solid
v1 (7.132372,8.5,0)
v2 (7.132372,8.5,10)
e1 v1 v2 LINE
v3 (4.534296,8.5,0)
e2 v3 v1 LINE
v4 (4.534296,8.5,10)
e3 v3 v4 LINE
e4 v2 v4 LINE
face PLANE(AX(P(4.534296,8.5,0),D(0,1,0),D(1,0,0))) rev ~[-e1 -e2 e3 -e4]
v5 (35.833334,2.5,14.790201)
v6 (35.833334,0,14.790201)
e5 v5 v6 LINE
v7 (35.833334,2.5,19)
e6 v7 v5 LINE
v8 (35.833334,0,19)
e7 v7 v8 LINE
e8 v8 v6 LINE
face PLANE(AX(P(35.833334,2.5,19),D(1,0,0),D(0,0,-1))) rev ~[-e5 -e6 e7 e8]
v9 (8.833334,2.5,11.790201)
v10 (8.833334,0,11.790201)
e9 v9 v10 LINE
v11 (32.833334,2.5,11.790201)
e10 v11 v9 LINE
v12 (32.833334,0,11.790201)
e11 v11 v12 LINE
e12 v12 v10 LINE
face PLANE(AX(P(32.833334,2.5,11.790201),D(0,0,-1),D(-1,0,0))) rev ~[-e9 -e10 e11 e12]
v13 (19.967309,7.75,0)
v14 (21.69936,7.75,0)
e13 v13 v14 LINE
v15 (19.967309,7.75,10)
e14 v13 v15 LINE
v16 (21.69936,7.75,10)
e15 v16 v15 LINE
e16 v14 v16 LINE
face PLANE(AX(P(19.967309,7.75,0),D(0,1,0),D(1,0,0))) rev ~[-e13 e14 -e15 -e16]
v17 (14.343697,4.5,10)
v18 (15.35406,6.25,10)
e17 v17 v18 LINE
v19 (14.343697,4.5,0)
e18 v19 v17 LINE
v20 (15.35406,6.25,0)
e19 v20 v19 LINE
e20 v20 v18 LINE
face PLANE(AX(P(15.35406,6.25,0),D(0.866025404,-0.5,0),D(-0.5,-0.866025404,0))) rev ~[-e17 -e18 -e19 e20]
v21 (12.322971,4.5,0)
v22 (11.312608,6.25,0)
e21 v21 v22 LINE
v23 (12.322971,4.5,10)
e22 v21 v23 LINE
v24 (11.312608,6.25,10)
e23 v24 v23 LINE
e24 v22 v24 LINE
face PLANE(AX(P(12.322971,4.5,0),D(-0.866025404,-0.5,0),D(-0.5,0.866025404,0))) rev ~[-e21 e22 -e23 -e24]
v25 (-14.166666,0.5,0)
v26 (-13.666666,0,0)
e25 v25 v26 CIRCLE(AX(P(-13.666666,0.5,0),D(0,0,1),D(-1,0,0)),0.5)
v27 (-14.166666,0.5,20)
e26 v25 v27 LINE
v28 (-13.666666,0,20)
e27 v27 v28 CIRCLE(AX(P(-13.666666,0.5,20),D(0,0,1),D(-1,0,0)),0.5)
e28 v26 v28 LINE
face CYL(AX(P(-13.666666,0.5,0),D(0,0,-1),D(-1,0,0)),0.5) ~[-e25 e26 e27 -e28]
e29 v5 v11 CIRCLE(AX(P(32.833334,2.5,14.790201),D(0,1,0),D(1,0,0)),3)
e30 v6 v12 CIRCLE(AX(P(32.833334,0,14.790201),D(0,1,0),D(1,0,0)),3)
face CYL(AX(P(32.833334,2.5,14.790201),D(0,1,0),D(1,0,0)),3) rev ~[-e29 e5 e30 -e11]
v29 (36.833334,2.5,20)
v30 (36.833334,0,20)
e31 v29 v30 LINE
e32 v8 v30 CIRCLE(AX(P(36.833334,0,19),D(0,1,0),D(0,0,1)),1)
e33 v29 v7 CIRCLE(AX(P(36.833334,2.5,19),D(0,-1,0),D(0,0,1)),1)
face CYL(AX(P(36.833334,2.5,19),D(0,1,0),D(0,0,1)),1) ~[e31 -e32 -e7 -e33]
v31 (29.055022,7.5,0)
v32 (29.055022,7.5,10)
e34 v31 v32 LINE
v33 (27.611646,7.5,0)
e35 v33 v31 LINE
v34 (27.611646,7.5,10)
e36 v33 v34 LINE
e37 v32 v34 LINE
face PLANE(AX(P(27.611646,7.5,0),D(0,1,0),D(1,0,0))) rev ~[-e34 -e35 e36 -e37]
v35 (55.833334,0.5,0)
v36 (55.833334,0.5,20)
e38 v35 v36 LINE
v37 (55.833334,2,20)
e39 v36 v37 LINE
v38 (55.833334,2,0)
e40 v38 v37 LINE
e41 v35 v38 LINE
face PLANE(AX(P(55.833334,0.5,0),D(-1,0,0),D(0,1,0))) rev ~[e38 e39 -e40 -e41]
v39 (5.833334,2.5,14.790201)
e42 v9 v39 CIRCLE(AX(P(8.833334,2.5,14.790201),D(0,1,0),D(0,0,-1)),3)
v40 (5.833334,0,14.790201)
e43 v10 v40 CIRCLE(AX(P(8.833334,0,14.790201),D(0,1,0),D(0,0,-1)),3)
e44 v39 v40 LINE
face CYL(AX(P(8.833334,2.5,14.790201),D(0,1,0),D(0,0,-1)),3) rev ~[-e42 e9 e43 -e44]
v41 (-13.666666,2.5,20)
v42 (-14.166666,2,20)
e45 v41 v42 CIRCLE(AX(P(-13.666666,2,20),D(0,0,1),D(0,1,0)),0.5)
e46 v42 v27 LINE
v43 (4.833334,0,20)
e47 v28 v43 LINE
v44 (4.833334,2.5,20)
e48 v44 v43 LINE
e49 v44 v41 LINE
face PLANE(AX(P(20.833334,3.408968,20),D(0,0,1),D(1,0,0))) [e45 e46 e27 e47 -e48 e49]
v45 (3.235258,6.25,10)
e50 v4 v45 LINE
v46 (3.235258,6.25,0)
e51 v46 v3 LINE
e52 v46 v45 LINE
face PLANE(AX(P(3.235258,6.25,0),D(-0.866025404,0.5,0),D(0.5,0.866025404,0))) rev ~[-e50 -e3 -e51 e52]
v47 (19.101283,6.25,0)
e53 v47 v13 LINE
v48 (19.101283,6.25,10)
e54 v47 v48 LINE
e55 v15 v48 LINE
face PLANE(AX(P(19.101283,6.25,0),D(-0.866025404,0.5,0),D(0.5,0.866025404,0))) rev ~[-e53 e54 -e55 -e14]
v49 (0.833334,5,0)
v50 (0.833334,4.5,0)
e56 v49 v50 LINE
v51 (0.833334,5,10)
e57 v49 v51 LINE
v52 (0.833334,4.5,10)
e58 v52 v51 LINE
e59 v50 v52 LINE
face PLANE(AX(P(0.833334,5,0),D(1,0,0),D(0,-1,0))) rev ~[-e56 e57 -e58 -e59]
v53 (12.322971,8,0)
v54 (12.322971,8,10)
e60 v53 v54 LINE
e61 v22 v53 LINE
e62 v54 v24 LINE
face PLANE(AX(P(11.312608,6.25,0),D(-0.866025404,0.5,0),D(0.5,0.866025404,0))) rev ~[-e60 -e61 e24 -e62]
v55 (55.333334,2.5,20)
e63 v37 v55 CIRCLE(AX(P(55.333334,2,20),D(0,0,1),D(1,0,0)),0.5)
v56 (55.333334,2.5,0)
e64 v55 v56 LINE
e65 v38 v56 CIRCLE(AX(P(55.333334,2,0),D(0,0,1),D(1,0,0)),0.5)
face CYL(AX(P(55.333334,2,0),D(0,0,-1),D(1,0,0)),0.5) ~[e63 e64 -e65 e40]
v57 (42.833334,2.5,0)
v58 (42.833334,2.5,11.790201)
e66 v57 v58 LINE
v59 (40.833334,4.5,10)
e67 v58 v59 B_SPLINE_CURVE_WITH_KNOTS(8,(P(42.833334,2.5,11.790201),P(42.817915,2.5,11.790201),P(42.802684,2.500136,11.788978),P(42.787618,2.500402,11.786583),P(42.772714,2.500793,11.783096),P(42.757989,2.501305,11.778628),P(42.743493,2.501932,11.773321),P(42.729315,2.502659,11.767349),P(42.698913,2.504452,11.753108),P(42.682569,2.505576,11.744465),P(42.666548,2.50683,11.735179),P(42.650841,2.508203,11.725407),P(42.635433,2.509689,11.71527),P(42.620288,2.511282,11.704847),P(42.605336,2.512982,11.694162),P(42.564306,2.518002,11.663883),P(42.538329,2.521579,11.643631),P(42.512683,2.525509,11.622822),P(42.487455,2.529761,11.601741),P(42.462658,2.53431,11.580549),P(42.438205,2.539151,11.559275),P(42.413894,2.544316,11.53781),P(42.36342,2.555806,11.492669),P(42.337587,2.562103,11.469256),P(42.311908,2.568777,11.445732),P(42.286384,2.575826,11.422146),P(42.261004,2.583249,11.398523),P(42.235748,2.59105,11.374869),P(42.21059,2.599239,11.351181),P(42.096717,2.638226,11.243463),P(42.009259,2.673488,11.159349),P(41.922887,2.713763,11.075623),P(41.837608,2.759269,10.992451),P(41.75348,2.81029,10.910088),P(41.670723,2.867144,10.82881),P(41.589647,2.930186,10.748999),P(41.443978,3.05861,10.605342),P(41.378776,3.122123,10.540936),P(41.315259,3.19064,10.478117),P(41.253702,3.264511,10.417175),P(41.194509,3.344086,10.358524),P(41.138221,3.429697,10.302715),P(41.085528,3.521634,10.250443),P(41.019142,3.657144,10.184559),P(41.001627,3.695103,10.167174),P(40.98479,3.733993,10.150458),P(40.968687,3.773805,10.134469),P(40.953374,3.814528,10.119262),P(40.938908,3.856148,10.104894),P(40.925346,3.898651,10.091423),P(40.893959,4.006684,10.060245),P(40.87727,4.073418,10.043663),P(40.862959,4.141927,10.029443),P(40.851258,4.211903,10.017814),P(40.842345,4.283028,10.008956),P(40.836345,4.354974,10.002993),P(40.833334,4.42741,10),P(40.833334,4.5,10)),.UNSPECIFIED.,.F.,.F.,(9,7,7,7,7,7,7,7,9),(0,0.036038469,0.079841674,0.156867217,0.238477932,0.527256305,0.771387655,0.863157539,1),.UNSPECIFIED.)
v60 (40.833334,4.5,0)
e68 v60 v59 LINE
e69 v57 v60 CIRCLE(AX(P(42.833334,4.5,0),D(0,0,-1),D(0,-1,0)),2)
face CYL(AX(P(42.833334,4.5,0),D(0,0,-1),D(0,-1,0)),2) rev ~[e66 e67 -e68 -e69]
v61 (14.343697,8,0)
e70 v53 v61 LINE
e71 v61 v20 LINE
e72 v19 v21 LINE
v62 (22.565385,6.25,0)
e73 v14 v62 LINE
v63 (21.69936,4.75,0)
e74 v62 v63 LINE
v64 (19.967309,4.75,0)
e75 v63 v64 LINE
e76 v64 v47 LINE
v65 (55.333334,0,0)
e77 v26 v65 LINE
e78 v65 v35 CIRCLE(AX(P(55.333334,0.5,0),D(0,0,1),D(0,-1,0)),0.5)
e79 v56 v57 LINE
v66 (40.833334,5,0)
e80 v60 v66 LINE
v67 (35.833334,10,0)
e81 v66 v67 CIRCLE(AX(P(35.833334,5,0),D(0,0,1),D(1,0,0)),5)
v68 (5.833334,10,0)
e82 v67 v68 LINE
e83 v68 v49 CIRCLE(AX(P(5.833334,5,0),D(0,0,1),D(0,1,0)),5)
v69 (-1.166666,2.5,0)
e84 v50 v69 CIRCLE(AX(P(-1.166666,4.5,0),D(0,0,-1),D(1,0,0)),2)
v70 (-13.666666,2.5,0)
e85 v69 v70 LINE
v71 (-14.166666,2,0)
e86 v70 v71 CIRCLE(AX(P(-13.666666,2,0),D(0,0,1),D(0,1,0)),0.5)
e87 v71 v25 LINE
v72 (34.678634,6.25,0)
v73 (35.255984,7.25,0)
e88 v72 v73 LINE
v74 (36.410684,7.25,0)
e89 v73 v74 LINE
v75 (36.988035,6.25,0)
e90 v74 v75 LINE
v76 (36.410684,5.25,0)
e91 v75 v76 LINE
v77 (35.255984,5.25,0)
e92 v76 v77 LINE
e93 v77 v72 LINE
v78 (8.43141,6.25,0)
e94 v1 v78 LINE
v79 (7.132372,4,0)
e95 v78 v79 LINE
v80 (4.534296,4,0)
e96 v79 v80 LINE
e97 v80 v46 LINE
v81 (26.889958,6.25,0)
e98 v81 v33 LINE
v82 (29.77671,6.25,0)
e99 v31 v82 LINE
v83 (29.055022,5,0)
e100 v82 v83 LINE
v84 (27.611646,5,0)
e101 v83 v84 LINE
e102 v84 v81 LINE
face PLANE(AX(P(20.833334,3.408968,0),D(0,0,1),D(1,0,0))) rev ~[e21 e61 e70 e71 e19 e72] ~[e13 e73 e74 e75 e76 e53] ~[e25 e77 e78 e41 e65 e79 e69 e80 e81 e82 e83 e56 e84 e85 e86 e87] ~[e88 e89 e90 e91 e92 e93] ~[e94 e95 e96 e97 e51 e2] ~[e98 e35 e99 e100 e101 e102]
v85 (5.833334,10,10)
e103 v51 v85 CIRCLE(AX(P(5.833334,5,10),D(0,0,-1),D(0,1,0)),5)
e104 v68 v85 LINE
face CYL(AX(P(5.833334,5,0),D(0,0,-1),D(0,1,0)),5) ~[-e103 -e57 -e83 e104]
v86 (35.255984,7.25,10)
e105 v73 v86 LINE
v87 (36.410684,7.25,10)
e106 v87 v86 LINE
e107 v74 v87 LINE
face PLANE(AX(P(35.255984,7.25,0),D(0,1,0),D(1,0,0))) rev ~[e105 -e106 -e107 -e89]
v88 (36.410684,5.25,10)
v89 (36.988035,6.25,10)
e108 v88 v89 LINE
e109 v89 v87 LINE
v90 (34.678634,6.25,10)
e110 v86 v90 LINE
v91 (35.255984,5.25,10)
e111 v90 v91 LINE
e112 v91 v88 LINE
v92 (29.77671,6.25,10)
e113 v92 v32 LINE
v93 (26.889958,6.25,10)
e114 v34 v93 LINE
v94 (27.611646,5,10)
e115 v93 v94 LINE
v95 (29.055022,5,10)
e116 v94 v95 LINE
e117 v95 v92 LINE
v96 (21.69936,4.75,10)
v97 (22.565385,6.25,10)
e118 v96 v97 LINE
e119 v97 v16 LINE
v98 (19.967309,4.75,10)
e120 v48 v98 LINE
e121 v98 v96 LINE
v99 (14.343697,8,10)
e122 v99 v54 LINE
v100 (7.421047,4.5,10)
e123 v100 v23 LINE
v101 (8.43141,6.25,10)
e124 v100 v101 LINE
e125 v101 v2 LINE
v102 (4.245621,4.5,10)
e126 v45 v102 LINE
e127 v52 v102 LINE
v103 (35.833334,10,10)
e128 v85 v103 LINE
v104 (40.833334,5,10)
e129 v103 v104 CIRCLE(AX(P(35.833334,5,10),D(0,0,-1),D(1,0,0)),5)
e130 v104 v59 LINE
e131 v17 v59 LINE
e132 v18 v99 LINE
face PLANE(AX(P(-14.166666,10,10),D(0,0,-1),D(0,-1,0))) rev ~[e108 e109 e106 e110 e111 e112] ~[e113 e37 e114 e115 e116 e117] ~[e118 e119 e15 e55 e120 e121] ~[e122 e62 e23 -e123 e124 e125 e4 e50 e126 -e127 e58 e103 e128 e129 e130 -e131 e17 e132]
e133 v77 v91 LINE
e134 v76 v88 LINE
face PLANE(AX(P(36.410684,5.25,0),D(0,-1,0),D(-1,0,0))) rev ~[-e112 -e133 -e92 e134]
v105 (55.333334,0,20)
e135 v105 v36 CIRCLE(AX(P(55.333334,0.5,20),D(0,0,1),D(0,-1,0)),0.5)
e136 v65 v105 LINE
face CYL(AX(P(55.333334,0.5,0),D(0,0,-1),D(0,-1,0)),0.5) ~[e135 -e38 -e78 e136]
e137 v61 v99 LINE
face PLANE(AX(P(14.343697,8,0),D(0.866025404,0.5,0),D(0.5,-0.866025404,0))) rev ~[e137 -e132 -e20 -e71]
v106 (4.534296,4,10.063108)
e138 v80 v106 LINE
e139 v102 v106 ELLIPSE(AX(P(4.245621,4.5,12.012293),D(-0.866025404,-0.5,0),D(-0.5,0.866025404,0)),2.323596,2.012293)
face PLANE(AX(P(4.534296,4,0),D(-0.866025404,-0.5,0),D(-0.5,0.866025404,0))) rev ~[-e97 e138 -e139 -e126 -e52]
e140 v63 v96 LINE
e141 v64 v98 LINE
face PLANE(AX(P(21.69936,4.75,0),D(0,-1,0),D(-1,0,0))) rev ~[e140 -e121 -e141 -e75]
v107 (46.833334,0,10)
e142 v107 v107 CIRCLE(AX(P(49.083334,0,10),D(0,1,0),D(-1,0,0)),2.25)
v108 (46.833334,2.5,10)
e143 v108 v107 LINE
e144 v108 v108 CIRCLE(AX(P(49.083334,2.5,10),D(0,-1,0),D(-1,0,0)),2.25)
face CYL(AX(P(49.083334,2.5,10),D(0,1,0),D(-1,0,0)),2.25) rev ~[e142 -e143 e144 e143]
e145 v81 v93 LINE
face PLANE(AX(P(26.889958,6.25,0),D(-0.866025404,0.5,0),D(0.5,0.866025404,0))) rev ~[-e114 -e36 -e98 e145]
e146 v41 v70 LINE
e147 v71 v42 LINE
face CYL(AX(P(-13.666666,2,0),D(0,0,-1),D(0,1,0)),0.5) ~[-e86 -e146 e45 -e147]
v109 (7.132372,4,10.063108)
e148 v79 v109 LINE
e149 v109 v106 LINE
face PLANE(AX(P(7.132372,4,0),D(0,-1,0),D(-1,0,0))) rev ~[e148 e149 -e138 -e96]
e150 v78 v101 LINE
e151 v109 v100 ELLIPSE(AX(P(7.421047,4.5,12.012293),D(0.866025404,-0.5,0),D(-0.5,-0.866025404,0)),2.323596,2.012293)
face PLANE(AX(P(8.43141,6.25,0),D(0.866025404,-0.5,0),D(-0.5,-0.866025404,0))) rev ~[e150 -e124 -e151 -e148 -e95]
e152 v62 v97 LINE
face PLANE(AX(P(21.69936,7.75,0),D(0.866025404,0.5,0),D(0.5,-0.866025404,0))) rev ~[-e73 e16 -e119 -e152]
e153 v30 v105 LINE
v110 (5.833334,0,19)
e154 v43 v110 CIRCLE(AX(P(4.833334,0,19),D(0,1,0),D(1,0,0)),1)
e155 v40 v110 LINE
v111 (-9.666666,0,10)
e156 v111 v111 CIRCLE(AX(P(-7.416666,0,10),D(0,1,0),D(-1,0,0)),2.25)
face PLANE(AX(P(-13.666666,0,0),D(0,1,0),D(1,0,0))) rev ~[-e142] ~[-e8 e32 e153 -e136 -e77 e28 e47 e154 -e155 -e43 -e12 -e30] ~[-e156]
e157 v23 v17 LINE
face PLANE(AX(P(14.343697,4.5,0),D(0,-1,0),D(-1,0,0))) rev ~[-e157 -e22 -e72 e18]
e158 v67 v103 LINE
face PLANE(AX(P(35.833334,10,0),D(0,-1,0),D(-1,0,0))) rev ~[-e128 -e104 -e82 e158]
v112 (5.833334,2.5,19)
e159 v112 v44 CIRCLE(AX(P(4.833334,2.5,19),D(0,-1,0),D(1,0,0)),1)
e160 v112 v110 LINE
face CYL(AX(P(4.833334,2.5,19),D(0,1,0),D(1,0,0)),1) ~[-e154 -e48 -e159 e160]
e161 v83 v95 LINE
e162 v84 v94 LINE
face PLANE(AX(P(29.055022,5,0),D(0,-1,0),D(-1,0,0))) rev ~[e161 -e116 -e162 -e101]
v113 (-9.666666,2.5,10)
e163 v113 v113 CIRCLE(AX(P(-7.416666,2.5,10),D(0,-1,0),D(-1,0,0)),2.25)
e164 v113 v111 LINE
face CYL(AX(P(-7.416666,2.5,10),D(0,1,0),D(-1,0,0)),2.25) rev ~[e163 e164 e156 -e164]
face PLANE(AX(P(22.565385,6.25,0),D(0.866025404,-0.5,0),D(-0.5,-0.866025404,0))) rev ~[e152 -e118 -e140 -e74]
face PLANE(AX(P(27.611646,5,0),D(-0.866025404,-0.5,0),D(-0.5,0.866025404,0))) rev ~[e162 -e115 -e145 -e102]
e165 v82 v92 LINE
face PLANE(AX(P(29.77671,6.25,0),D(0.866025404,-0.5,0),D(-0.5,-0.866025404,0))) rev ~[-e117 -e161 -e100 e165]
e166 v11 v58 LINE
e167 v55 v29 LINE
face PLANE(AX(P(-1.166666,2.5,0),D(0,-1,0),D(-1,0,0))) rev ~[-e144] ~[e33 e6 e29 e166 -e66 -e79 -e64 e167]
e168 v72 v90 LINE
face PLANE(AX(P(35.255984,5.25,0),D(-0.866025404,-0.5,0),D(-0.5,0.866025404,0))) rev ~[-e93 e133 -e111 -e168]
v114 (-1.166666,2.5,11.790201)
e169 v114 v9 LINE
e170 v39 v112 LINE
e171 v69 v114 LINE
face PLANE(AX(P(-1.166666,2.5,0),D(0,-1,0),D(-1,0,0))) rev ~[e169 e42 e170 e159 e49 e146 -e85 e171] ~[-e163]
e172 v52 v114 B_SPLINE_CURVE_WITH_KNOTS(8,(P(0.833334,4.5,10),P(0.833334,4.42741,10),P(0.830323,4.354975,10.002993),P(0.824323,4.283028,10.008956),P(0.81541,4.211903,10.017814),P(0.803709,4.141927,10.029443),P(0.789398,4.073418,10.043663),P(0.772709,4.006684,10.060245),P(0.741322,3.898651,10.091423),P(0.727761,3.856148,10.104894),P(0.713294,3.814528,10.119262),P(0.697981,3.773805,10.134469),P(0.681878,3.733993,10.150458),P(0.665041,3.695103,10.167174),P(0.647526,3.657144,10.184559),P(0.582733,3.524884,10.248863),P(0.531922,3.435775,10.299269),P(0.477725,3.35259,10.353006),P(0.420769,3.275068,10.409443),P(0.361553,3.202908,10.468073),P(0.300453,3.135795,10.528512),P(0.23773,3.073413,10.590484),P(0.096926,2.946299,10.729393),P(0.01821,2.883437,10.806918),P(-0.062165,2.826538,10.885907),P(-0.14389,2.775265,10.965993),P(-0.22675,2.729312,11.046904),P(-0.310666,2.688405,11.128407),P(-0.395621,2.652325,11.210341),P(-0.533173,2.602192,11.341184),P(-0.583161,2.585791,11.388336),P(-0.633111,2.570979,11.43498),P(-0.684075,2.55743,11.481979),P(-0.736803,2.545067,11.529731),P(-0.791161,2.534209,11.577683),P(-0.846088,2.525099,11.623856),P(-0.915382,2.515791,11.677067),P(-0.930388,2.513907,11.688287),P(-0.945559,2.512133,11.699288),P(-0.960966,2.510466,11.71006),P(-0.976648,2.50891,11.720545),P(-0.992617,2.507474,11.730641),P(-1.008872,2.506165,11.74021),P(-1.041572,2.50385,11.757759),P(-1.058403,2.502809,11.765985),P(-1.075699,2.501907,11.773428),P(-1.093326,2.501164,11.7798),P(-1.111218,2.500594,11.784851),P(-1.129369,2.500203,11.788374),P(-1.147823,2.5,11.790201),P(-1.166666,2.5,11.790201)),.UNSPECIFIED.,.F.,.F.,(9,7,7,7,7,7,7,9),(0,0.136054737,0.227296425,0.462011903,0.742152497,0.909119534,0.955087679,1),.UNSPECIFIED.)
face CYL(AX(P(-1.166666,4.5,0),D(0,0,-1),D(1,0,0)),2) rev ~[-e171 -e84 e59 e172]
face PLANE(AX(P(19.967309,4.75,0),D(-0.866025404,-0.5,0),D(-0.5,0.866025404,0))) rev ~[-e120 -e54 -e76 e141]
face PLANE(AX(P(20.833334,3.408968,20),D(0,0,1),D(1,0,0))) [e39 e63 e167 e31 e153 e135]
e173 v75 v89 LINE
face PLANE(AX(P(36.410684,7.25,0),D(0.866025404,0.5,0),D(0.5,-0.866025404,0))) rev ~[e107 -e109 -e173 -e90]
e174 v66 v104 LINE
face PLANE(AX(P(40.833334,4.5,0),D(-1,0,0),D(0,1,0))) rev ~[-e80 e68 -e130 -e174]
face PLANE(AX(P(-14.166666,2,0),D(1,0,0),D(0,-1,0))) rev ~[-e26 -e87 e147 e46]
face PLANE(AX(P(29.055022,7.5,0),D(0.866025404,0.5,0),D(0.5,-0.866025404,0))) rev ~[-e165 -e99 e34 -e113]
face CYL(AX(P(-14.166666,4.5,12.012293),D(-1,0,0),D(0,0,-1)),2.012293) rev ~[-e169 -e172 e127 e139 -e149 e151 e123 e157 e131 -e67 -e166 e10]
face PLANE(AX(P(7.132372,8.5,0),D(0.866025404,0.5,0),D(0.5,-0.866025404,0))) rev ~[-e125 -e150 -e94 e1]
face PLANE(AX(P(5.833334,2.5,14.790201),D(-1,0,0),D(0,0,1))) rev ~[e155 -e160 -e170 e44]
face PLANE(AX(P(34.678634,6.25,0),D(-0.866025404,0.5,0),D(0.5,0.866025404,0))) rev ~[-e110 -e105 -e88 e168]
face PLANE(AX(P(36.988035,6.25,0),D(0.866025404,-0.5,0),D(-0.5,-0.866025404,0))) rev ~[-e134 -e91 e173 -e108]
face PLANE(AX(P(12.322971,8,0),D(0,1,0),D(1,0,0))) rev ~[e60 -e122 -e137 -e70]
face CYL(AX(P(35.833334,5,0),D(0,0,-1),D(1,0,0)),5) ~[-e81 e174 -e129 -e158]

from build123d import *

# Parameters (mm, degrees)
F1_DEPTH = 20
F2_R     = 2.25
F3_DEPTH = 25
F6_DEPTH = 200
F8_DEPTH = 25


with BuildPart() as f1:
    # F0 (on Top) → F1 (new body)
    with BuildSketch(Plane.XY):
        with BuildLine():
            Line((-14.1666658925, 2), (-14.1666658925, 0.5))
            ThreePointArc((-14.1666658925, 0.5), (-14.0202192831, 0.1464466094), (-13.6666658925, 0))
            Line((-13.6666658925, 0), (55.3333341075, 0))
            ThreePointArc((55.3333341075, 0), (55.6868874981, 0.1464466094), (55.8333341075, 0.5))
            Line((55.8333341075, 0.5), (55.8333341075, 2))
            ThreePointArc((55.8333341075, 2), (55.6868874981, 2.3535533906), (55.3333341075, 2.5))
            Line((55.3333341075, 2.5), (42.8333341075, 2.5))
            ThreePointArc((42.8333341075, 2.5), (41.4191205451, 3.0857864376), (40.8333341075, 4.5))
            Line((40.8333341075, 4.5), (40.8333341075, 5))
            ThreePointArc((40.8333341075, 5), (39.3688680134, 8.5355339059), (35.8333341075, 10))
            Line((35.8333341075, 10), (5.8333341075, 10))
            ThreePointArc((5.8333341075, 10), (2.2978002016, 8.5355339059), (0.8333341075, 5))
            Line((0.8333341075, 5), (0.8333341075, 4.5))
            ThreePointArc((0.8333341075, 4.5), (0.2475476699, 3.0857864376), (-1.1666658925, 2.5))
            Line((-1.1666658925, 2.5), (-13.6666658925, 2.5))
            ThreePointArc((-13.6666658925, 2.5), (-14.0202192831, 2.3535533906), (-14.1666658925, 2))
        make_face()
        Polygon((3.2352578961, 6.25), (4.5342960018, 8.5), (7.1323722132, 8.5), (8.4314103188, 6.25), (7.1323722132, 4), (4.5342960018, 4), align=None, mode=Mode.SUBTRACT)
        Polygon((11.3126081653, 6.25), (12.3229711364, 8), (14.3436970786, 8), (15.3540600497, 6.25), (14.3436970786, 4.5), (12.3229711364, 4.5), align=None, mode=Mode.SUBTRACT)
        Polygon((19.1012832999, 6.25), (19.9673087037, 7.75), (21.6993595113, 7.75), (22.5653849151, 6.25), (21.6993595113, 4.75), (19.9673087037, 4.75), align=None, mode=Mode.SUBTRACT)
        Polygon((26.8899584345, 6.25), (27.611646271, 7.5), (29.055021944, 7.5), (29.7767097805, 6.25), (29.055021944, 5), (27.611646271, 5), align=None, mode=Mode.SUBTRACT)
        Polygon((34.6786335691, 6.25), (35.2559838383, 7.25), (36.4106843767, 7.25), (36.9880346459, 6.25), (36.4106843767, 5.25), (35.2559838383, 5.25), align=None, mode=Mode.SUBTRACT)
    extrude(amount=F1_DEPTH)

    # F2 (on face) → F3 (cut)
    with BuildSketch(Plane(origin=(0, 2.5, 0), x_dir=(-1, 0, 0), z_dir=(0, 1, 0))):
        with Locations((7.4166658925, 10)):
            Circle(F2_R)
        with Locations((-49.0833341075, 10)):
            Circle(F2_R)
    extrude(amount=-F3_DEPTH, mode=Mode.SUBTRACT)

    # F5 (on face) → F6 (cut)
    with BuildSketch(Plane(origin=(-14.1666658925, 0, 0), x_dir=(0, -1, 0), z_dir=(-1, 0, 0))):
        with BuildLine():
            Line((-2.5, 12.2343860567), (-2.5, 20))
            Line((-2.5, 20), (-10, 20))
            Line((-10, 20), (-10, 10))
            Line((-10, 10), (-4.5, 10))
            ThreePointArc((-4.5, 10), (-3.1579102698, 10.5129202042), (-2.5, 11.7902009315))
            Line((-2.5, 11.7902009315), (-2.5, 12.2343860567))
        make_face()
    extrude(amount=-F6_DEPTH, mode=Mode.SUBTRACT)

    # F7 (on face) → F8 (cut)
    with BuildSketch(Plane(origin=(0, 2.5, 0), x_dir=(-1, 0, 0), z_dir=(0, 1, 0))):
        with BuildLine():
            Line((-5.8333341075, 20), (-35.8333341075, 20))
            Line((-35.8333341075, 20), (-36.8333341075, 20))
            ThreePointArc((-36.8333341075, 20), (-36.1262273263, 19.7071067812), (-35.8333341075, 19))
            Line((-35.8333341075, 19), (-35.8333341075, 14.7902009315))
            ThreePointArc((-35.8333341075, 14.7902009315), (-34.9546544511, 12.668880588), (-32.8333341075, 11.7902009315))
            Line((-32.8333341075, 11.7902009315), (-8.8333341075, 11.7902009315))
            ThreePointArc((-8.8333341075, 11.7902009315), (-6.7120137639, 12.668880588), (-5.8333341075, 14.7902009315))
            Line((-5.8333341075, 14.7902009315), (-5.8333341075, 19))
            ThreePointArc((-5.8333341075, 19), (-5.5404408887, 19.7071067812), (-4.8333341075, 20))
            Line((-4.8333341075, 20), (-5.8333341075, 20))
        make_face()
    extrude(amount=-F8_DEPTH, mode=Mode.SUBTRACT)


solid = f1.part
